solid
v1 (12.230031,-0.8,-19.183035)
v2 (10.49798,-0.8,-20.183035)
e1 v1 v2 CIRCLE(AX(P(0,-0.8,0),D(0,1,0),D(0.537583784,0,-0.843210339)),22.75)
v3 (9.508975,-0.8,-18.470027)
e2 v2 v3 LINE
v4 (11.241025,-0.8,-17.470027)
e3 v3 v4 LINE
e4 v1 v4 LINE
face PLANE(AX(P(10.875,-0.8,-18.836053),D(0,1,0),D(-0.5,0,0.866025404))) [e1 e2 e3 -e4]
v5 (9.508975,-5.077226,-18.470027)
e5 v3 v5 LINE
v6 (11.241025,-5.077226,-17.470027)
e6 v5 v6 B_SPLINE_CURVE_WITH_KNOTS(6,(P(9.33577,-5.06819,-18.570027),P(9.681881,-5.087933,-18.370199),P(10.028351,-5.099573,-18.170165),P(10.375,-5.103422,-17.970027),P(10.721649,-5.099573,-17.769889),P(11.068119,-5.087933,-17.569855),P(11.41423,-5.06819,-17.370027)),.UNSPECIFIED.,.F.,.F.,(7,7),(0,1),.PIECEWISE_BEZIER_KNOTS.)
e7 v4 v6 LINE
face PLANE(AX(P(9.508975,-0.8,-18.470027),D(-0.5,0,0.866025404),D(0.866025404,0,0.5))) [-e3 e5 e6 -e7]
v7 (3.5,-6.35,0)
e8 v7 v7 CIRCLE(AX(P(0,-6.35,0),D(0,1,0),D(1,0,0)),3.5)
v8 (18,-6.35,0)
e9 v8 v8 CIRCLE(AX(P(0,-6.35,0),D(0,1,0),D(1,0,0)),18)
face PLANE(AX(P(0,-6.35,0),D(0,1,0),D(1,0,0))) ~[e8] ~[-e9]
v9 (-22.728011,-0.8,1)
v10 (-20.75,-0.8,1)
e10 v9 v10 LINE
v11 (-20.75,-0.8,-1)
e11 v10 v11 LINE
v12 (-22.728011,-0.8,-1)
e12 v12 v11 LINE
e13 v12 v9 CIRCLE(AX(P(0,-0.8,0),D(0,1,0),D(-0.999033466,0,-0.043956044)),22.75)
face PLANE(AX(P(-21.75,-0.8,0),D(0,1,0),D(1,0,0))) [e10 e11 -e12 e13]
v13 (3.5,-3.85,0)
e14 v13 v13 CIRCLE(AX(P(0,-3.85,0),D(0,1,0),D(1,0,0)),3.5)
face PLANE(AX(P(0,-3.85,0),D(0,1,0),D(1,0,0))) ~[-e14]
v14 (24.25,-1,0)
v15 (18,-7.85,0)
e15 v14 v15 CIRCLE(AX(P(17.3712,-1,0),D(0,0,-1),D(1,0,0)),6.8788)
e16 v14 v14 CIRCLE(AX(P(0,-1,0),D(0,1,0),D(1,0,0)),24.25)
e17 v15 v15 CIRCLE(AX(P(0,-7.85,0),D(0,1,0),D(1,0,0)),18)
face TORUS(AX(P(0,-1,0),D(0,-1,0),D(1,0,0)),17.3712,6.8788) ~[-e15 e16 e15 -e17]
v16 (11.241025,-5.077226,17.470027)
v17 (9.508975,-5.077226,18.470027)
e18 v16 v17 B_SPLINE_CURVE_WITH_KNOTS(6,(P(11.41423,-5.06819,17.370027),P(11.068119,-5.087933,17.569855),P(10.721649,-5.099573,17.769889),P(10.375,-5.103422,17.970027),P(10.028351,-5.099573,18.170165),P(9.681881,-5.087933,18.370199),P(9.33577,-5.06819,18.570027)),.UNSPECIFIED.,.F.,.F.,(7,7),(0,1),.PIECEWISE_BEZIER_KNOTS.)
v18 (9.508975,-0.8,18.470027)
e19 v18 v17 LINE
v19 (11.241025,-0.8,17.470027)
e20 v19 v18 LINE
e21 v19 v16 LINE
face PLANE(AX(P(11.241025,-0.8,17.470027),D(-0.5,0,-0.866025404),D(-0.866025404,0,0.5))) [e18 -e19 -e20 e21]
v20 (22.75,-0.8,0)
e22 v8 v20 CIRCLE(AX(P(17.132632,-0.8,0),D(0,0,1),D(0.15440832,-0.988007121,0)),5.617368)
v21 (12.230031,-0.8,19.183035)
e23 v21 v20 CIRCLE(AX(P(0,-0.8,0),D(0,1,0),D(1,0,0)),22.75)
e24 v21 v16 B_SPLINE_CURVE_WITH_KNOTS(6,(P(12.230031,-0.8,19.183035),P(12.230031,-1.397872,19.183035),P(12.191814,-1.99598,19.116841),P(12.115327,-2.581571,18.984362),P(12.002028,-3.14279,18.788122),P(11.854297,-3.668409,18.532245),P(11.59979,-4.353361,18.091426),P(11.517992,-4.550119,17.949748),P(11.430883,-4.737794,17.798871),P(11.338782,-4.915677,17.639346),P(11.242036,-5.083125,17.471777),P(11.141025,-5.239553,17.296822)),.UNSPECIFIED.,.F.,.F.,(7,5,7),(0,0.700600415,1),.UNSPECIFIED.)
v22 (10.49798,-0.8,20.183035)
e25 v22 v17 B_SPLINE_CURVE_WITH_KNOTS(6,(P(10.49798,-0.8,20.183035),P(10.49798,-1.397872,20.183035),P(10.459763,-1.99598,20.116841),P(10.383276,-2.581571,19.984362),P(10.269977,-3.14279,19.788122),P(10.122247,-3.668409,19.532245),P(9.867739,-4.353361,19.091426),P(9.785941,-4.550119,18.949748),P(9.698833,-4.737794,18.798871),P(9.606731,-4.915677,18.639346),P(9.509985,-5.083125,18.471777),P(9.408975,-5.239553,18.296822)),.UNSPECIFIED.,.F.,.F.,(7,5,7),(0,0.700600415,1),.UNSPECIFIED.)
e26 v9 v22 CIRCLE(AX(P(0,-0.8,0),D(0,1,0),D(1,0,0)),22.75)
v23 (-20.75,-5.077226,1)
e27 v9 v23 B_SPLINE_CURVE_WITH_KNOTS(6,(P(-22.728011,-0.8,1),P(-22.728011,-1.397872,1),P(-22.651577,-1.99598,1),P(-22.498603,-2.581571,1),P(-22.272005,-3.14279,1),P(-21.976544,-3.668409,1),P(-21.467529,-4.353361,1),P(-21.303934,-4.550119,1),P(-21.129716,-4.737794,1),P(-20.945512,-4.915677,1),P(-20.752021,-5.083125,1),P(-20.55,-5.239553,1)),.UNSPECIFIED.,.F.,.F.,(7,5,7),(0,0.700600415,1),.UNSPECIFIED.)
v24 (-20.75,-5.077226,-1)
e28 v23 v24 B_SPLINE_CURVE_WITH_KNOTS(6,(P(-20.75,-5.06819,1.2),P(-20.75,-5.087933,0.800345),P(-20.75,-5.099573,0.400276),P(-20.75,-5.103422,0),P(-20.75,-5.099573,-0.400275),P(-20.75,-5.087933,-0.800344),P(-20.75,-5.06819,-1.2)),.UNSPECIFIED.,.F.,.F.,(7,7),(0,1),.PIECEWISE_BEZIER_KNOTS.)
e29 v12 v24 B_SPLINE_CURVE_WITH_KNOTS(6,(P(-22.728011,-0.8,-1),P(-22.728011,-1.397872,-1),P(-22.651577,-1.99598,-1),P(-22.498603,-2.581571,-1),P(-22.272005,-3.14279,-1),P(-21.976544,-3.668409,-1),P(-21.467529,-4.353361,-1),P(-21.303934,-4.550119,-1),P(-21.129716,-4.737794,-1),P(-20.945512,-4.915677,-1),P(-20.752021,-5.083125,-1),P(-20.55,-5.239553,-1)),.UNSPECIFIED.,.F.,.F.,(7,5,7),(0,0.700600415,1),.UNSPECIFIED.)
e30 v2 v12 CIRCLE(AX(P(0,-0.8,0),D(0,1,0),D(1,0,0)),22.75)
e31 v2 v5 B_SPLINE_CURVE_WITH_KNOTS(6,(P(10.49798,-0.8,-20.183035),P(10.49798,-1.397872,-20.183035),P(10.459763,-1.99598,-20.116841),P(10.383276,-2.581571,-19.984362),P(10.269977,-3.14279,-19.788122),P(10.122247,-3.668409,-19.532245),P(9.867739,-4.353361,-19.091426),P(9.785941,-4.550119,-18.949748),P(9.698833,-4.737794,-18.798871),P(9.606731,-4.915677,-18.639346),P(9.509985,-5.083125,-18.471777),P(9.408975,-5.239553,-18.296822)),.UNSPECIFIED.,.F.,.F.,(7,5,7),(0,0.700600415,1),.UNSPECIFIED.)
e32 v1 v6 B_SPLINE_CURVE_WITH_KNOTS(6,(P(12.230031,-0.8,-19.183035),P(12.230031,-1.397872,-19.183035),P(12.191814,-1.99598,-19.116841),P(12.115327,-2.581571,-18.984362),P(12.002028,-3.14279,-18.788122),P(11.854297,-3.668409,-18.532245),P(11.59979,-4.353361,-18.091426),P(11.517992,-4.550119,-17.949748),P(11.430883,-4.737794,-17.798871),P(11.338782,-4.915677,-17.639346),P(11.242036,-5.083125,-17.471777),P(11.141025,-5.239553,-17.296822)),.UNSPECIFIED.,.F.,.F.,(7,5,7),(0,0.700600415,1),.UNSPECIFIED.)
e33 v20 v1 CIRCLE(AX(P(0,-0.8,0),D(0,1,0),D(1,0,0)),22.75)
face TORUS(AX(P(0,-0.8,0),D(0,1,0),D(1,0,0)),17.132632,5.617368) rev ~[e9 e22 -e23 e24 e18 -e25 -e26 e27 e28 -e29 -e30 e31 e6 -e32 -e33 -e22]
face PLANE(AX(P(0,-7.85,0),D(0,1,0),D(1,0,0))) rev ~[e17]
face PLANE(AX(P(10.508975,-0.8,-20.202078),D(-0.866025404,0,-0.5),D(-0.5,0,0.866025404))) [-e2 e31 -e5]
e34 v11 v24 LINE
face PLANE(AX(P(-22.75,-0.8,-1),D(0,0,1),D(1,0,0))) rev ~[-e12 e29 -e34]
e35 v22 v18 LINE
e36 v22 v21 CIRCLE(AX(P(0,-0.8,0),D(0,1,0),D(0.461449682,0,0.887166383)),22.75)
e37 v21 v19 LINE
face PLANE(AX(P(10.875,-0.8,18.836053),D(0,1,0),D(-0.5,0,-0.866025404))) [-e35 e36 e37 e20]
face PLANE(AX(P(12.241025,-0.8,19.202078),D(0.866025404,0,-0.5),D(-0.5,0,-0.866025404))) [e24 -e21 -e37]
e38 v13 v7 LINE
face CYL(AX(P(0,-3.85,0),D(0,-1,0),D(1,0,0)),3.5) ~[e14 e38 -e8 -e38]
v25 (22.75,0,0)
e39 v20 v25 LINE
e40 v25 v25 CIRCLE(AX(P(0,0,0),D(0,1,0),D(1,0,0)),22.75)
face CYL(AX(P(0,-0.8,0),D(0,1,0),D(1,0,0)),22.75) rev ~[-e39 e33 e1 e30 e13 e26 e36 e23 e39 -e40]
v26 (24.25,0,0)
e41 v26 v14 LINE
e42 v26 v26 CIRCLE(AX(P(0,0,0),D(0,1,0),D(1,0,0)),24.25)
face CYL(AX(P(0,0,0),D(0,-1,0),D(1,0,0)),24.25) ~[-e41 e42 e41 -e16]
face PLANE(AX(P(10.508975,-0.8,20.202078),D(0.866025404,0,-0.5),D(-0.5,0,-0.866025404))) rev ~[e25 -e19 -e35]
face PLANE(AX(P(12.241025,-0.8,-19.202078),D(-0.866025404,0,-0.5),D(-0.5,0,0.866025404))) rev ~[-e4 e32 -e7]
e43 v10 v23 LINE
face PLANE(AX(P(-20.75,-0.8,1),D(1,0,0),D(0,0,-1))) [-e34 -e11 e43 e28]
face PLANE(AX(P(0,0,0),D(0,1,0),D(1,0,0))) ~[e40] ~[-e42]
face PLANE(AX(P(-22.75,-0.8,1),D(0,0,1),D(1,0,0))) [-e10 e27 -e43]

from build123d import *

# Parameters (mm, degrees)
BOSS_EXTRUDE2_REACH            = 37.012
BOSS_EXTRUDE2_END_MAJOR_RADIUS = 17.132631579
BOSS_EXTRUDE2_END_MINOR_RADIUS = 5.617368421
SKETCH4_W                      = 2
SKETCH4_H                      = 2
CIRPATTERN2_COUNT              = 3


with BuildPart() as part:
    # Sketch3 → Revolve1 (revolve)
    with BuildSketch(Plane.XY, mode=Mode.PRIVATE) as revolve1_sk:
        with BuildLine():
            Line((-24.25, 0), (-24.25, -1))
            ThreePointArc((-24.25, -1), (-22.452699724, -5.636404857), (-18, -7.85))
            Line((-18, -7.85), (0, -7.85))
            Line((0, -7.85), (0, -3.85))
            Line((0, -3.85), (-3.5, -3.85))
            Line((-3.5, -3.85), (-3.5, -6.35))
            Line((-3.5, -6.35), (-18, -6.35))
            ThreePointArc((-18, -6.35), (-21.400368447, -4.45256759), (-22.75, -0.8))
            Line((-22.75, -0.8), (-22.75, 0))
            Line((-22.75, 0), (-24.25, 0))
        make_face()
    revolve(revolve1_sk.sketch.rotate(Axis((0, -13.198525541, 0), (0, 1, 0)), 180), axis=Axis((0, -13.198525541, 0), (0, 1, 0)))

    # Boss-Extrude2: up to this torus (the profile starts inside it)
    boss_extrude2_end = Plane(origin=(0, -0.8, 0), z_dir=(0, -1, 0)) * Torus(BOSS_EXTRUDE2_END_MAJOR_RADIUS, BOSS_EXTRUDE2_END_MINOR_RADIUS, mode=Mode.PRIVATE)
    # Sketch4 → Boss-Extrude2 (add, up to the surface)
    with BuildSketch(Plane(origin=(0, -0.8, 0), x_dir=(1, 0, 0), z_dir=(0, 1, 0)), mode=Mode.PRIVATE) as boss_extrude2_sk1:
        with Locations((-21.75, 0)):
            Rectangle(SKETCH4_W, SKETCH4_H)
    boss_extrude2_tool1 = extrude(boss_extrude2_sk1.sketch, amount=-BOSS_EXTRUDE2_REACH, mode=Mode.PRIVATE) & boss_extrude2_end
    boss_extrude2 = boss_extrude2_tool1.solids().sort_by_distance((-21.75, -0.8, 0))[0]
    add(boss_extrude2)

    # CirPattern2: Boss-Extrude2 ×3 about axis
    cirpattern2_axis = Axis((0, 0, 0), (0, 1, 0))
    for i in range(1, CIRPATTERN2_COUNT):
        add(boss_extrude2.rotate(cirpattern2_axis, i * 360 / CIRPATTERN2_COUNT))


solid = part.part
